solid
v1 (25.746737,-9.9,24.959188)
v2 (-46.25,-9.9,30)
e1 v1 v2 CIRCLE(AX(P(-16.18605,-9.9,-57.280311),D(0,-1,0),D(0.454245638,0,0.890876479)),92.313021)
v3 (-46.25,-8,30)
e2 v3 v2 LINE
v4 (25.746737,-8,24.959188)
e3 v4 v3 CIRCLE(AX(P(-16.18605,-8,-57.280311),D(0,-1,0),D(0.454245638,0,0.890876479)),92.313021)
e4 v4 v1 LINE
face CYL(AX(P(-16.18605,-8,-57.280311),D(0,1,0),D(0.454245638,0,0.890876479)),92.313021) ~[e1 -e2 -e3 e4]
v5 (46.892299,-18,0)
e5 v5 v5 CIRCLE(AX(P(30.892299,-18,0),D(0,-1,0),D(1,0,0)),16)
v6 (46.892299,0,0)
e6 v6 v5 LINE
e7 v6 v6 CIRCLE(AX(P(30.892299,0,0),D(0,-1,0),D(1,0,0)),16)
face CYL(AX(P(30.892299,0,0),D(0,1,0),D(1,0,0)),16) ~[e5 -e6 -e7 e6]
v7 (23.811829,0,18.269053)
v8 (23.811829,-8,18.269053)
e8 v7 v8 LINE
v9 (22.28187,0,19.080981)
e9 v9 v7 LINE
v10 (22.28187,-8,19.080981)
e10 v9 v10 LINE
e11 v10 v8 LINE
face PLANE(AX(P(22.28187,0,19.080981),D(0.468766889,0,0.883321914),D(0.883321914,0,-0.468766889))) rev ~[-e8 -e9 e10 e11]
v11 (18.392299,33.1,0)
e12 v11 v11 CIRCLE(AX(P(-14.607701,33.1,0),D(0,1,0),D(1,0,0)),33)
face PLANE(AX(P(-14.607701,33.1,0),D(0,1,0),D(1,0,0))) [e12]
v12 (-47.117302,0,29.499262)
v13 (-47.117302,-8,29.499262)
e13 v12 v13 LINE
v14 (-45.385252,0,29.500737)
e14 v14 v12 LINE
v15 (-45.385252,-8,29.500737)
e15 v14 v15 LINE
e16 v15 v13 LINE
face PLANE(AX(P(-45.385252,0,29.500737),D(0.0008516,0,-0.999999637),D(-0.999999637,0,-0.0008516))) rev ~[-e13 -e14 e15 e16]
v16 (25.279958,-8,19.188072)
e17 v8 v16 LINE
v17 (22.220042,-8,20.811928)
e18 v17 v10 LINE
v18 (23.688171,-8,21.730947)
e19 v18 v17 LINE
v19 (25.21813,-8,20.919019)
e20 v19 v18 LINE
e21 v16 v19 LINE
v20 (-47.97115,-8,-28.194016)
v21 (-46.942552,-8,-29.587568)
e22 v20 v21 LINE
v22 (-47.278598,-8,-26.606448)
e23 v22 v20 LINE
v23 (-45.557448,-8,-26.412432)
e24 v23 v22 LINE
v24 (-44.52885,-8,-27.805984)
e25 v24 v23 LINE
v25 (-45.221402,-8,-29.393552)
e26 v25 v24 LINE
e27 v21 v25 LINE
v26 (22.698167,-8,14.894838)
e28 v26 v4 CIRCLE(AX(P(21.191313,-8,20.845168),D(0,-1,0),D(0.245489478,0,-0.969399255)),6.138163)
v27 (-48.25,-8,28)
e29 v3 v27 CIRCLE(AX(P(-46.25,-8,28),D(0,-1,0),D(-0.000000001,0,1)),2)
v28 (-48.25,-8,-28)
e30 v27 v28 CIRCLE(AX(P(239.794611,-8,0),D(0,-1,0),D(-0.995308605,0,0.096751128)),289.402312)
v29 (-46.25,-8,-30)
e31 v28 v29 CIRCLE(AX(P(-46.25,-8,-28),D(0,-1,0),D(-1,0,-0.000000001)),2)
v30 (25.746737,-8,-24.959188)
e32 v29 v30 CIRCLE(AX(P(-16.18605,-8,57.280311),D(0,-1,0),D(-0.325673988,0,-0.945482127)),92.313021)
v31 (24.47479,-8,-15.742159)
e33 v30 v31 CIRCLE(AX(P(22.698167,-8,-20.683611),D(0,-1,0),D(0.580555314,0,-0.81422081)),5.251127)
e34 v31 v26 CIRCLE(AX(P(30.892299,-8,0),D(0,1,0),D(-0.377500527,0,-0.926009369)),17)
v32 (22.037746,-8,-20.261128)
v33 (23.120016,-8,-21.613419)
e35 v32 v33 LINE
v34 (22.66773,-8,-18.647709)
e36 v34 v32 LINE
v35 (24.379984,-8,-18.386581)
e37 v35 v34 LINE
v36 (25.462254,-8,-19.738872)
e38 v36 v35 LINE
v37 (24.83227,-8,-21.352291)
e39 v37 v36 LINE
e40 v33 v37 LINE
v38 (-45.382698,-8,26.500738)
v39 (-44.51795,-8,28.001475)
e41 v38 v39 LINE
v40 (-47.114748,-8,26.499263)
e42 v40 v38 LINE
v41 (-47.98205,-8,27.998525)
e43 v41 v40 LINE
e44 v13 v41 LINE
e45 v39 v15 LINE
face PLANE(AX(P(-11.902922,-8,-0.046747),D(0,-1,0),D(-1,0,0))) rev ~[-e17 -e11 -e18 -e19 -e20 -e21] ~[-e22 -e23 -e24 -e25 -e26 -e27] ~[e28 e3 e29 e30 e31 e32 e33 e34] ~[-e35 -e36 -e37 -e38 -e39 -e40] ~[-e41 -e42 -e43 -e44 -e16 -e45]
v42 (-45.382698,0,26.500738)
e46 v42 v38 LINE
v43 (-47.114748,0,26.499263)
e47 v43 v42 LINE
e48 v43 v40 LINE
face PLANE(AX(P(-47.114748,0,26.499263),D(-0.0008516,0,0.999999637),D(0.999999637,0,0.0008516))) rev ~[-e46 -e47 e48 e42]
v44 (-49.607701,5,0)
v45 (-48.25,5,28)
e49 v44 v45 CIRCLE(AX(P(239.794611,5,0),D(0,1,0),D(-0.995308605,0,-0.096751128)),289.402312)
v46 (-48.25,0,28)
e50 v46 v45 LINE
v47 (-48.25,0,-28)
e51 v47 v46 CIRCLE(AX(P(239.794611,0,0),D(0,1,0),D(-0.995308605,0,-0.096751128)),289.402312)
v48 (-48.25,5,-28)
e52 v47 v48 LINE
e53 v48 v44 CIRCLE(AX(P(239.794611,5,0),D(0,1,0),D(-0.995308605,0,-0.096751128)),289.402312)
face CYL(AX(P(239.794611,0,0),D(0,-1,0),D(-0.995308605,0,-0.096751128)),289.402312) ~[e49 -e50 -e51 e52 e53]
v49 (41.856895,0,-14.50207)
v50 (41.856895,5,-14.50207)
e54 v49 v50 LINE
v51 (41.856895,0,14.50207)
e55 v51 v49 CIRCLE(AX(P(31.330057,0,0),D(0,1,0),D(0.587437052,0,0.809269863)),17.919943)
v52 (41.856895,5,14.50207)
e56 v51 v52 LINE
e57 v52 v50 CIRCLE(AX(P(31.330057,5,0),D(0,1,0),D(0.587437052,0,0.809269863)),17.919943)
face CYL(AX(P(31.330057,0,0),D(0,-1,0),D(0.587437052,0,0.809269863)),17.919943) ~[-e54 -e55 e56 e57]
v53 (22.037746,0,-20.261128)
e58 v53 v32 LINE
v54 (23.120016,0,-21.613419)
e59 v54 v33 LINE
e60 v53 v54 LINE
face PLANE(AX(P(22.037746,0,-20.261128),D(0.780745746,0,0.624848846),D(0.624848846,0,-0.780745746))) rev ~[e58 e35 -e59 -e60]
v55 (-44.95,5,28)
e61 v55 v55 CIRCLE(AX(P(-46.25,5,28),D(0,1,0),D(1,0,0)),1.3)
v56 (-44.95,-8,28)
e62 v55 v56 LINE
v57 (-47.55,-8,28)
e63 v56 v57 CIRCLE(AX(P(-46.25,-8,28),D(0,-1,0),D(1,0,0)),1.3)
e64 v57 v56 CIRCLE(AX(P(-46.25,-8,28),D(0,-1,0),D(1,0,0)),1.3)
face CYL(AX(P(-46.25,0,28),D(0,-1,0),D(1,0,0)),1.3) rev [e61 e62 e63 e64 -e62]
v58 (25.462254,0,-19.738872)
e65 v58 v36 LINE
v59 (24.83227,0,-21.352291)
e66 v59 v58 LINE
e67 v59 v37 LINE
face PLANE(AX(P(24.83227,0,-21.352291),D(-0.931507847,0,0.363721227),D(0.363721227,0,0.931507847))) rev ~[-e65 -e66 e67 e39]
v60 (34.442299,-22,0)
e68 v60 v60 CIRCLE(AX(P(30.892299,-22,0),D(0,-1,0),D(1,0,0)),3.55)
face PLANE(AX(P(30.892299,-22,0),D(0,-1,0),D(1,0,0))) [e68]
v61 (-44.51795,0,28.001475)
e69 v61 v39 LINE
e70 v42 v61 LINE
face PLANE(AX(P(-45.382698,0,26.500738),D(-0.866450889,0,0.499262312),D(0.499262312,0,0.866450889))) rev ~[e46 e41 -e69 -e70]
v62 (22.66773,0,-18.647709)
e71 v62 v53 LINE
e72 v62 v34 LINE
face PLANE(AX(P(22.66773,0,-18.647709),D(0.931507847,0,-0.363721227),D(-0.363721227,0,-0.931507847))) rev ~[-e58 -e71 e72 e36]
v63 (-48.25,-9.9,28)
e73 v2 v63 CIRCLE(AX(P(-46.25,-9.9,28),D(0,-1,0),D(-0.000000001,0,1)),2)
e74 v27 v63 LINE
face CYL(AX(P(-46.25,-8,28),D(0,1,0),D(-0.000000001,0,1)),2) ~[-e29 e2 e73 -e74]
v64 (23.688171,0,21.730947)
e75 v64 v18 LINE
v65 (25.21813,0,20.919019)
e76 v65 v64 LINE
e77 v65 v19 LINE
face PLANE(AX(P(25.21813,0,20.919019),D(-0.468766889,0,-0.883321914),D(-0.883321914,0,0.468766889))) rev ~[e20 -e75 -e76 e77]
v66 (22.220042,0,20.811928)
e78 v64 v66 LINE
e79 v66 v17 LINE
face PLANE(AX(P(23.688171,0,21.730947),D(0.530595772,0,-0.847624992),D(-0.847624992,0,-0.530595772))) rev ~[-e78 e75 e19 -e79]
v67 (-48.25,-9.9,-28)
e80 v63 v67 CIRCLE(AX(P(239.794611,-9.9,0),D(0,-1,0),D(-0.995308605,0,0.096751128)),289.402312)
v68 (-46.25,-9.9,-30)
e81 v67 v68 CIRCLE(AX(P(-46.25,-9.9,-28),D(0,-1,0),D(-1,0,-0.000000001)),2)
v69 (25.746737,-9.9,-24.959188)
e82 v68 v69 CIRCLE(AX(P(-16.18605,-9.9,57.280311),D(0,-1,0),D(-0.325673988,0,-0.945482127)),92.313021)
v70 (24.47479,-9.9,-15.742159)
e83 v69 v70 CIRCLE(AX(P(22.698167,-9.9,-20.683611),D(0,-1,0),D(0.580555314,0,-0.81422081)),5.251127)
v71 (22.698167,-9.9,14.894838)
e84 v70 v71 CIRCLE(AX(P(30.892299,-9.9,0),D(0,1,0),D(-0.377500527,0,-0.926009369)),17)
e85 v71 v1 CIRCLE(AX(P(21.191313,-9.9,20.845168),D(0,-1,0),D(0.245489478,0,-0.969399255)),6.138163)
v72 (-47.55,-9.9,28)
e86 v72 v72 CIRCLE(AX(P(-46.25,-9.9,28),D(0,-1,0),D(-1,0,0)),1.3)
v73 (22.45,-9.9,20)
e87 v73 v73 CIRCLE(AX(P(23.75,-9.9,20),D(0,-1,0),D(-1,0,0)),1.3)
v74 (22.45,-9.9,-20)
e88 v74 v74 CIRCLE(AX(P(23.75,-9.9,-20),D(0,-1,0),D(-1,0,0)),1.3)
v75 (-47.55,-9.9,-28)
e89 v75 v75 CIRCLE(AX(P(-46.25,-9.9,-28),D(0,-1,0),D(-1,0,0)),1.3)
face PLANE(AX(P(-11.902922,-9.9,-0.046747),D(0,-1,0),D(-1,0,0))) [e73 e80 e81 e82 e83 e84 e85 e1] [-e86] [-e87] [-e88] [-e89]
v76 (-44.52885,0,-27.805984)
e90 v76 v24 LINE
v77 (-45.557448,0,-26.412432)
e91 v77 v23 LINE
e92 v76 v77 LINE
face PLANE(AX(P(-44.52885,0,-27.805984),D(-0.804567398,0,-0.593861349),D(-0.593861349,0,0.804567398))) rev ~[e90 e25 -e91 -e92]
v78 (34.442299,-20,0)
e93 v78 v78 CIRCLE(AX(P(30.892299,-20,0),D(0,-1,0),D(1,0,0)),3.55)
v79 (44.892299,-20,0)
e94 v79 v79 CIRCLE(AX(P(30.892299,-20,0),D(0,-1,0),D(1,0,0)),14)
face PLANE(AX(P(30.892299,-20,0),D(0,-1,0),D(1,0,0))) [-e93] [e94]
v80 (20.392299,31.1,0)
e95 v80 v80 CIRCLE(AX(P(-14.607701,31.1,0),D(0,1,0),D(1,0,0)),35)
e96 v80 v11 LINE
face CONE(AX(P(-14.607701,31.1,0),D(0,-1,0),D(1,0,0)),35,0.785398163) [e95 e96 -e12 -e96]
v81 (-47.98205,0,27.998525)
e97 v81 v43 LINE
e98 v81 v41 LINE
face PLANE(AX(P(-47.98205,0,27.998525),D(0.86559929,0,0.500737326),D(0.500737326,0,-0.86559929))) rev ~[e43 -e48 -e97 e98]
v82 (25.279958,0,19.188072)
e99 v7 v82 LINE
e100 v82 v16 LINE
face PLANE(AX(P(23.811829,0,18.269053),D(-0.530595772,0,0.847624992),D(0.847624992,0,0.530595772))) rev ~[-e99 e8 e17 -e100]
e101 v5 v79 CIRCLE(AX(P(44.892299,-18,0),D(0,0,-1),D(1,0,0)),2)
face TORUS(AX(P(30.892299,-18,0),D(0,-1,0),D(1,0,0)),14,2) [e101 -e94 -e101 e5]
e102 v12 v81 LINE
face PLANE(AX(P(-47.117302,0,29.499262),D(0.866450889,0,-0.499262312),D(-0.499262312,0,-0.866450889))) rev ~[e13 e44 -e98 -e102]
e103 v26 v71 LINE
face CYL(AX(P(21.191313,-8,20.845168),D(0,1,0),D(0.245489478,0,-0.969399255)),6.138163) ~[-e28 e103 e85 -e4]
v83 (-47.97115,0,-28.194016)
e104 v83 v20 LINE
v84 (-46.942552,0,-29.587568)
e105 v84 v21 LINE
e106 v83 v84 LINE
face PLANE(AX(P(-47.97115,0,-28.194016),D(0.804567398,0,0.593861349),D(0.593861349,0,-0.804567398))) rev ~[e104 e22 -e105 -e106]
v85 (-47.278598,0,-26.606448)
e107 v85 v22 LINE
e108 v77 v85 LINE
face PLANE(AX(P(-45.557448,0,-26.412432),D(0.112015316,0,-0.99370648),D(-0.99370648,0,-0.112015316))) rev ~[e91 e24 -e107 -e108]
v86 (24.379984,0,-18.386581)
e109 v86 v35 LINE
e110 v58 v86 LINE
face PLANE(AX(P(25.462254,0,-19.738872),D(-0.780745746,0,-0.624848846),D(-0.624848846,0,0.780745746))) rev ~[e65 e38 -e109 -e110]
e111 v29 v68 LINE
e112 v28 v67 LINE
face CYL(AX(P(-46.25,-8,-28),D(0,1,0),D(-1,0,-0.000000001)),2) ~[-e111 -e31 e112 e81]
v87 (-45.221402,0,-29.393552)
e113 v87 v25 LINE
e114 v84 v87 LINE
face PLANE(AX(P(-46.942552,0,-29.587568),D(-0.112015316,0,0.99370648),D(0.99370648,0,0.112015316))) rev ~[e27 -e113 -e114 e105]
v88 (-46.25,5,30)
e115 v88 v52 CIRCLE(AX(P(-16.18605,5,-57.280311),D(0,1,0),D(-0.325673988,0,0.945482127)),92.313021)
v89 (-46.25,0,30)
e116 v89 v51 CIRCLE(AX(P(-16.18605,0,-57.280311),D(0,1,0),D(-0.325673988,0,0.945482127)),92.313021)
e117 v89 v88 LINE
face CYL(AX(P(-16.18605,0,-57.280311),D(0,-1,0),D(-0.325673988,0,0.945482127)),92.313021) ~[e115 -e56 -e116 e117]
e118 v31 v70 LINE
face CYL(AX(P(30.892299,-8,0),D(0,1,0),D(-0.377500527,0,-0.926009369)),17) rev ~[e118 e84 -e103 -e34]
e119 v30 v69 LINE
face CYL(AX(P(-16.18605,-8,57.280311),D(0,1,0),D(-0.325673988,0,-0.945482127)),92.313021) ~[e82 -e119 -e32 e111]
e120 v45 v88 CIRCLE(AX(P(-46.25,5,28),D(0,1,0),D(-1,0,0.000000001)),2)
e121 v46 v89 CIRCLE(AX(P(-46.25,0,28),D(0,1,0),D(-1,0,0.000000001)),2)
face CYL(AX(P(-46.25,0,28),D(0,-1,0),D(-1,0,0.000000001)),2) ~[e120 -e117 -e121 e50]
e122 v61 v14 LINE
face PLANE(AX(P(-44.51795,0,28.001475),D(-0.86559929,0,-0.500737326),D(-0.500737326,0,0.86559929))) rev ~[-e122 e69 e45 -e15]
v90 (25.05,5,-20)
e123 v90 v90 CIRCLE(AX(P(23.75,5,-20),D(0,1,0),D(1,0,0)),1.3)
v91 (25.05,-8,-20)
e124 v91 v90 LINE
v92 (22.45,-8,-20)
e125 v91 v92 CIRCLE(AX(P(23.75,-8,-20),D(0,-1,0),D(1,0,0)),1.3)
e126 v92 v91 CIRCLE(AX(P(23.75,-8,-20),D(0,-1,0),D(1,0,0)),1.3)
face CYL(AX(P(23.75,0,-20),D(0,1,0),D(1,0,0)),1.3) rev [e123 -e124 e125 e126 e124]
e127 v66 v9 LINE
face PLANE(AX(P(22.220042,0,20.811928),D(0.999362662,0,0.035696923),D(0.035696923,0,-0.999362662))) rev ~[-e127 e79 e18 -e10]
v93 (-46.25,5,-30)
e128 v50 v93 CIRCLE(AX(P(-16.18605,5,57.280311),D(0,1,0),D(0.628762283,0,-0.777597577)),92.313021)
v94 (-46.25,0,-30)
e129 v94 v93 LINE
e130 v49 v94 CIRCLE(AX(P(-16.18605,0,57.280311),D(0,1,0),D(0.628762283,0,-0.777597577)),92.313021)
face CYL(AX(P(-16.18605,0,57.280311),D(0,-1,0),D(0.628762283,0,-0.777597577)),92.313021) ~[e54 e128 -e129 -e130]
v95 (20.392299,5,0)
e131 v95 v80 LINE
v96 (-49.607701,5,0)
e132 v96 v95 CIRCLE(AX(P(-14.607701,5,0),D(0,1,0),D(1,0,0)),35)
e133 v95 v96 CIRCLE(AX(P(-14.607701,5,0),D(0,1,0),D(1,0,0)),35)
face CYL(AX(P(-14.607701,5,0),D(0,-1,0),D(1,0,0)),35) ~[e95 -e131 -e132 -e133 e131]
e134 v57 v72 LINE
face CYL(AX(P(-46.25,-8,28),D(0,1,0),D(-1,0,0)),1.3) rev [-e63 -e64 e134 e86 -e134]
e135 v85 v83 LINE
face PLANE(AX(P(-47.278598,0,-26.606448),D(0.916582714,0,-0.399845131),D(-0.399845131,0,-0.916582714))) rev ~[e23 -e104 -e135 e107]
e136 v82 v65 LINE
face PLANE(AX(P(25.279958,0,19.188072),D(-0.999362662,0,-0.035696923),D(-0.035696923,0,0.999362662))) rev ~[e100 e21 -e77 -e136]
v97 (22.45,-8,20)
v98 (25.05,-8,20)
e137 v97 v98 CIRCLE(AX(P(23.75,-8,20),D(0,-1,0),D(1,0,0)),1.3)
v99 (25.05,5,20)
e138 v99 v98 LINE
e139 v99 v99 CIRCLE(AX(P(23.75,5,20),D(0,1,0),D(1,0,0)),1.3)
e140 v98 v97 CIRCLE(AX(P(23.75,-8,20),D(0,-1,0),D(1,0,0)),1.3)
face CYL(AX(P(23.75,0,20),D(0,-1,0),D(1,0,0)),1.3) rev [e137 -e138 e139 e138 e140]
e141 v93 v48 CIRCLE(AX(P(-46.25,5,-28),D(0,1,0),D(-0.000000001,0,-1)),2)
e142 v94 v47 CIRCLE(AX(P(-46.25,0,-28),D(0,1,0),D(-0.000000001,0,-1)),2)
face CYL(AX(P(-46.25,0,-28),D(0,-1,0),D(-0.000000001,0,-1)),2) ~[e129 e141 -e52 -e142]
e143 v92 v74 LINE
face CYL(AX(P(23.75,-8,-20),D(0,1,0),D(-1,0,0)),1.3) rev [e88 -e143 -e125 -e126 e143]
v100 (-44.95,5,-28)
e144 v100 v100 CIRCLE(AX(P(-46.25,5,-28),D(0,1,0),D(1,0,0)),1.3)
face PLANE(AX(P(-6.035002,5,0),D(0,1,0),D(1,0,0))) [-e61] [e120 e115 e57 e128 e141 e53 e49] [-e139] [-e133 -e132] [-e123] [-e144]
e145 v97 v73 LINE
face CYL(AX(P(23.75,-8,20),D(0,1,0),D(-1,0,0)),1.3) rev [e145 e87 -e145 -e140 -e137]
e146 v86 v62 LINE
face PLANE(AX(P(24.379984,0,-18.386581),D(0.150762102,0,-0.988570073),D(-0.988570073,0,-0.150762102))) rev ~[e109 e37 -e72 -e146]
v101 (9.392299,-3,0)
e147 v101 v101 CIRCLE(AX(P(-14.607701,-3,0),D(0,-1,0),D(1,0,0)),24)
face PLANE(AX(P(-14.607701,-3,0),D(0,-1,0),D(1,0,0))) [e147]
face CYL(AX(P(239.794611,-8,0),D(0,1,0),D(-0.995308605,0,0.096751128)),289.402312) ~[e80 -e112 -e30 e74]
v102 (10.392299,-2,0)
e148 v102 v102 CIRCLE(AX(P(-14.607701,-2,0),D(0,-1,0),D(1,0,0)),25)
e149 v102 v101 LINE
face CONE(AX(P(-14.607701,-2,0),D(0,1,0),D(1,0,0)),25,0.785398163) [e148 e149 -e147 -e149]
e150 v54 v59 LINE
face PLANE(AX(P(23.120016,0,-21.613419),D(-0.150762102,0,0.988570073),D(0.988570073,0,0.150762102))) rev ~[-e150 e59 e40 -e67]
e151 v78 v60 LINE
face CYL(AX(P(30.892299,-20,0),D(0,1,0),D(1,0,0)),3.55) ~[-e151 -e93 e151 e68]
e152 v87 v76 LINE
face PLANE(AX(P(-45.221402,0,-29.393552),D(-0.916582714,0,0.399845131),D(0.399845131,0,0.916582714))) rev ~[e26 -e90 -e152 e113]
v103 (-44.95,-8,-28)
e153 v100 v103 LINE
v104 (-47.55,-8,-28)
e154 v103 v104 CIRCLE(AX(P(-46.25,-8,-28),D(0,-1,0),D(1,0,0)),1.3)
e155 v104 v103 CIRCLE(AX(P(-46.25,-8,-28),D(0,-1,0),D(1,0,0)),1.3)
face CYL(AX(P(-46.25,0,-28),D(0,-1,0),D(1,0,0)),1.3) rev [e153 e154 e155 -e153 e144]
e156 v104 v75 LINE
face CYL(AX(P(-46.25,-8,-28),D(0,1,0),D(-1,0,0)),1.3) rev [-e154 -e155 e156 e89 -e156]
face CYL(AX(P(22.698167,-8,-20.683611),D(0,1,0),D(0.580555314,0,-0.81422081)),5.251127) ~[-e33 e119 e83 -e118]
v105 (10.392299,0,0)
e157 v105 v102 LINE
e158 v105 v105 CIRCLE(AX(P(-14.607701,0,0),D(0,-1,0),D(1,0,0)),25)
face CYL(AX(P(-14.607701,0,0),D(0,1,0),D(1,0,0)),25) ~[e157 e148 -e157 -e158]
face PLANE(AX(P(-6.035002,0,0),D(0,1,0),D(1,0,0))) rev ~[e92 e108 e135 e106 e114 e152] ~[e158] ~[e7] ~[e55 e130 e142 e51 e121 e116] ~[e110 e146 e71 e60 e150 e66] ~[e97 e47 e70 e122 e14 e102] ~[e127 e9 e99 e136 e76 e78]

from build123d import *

# Parameters (mm, degrees)
SKETCH3_R           = 1.3
BOSS_EXTRUDE2_DEPTH = 5
SKETCH5_R           = 35
BOSS_EXTRUDE4_DEPTH = 28.1
CHAMFER2_SIZE       = 2
SKETCH6_R           = 25
BOSS_EXTRUDE5_DEPTH = 3
CHAMFER3_SIZE       = 1
SKETCH7_R           = 16
BOSS_EXTRUDE6_DEPTH = 20
SKETCH8_R           = 3.55
BOSS_EXTRUDE7_DEPTH = 2
FILLET1_R           = 2
SKETCH9_R           = 1.3
BOSS_EXTRUDE8_DEPTH = 8
SKETCH11_R          = 1.3
BOSS_EXTRUDE9_DEPTH = 1.9


with BuildPart() as part:
    # Sketch3 → Boss-Extrude2 (new body)
    with BuildSketch(Plane(origin=(0, 0, 0), x_dir=(1, 0, 0), z_dir=(0, 1, 0))):
        with BuildLine():
            ThreePointArc((-46.25, 30), (-47.664213562, 29.414213562), (-48.25, 28))
            ThreePointArc((-48.25, 28), (-49.607700542, 0), (-48.25, -28))
            ThreePointArc((-48.25, -28), (-47.664213562, -29.414213562), (-46.25, -30))
            ThreePointArc((-46.25, -30), (-0.19378614, -33.636910917), (41.856895399, -14.502069967))
            ThreePointArc((41.856895399, -14.502069967), (49.25, 0), (41.856895399, 14.502069967))
            ThreePointArc((41.856895399, 14.502069967), (-0.19378614, 33.636910917), (-46.25, 30))
        make_face()
        with Locations((-46.25, 28)):
            Circle(SKETCH3_R, mode=Mode.SUBTRACT)
        with Locations((-46.25, -28)):
            Circle(SKETCH3_R, mode=Mode.SUBTRACT)
        with Locations((23.75, 20)):
            Circle(SKETCH3_R, mode=Mode.SUBTRACT)
        with Locations((23.75, -20)):
            Circle(SKETCH3_R, mode=Mode.SUBTRACT)
    extrude(amount=BOSS_EXTRUDE2_DEPTH)

    # Sketch5 → Boss-Extrude4 (add)
    with BuildSketch(Plane(origin=(0, 5, 0), x_dir=(1, 0, 0), z_dir=(0, 1, 0))):
        with Locations((-14.607700542, 0)):
            Circle(SKETCH5_R)
    extrude(amount=BOSS_EXTRUDE4_DEPTH)

    # Chamfer2
    chamfer2_edges = [part.edges().sort_by_distance(p)[0] for p in [
        (-49.607700542, 33.1, 0),
    ]]
    chamfer(chamfer2_edges, length=CHAMFER2_SIZE)

    # Sketch6 → Boss-Extrude5 (add)
    with BuildSketch(Plane.XZ):
        with Locations((-14.607700542, 0)):
            Circle(SKETCH6_R)
    extrude(amount=BOSS_EXTRUDE5_DEPTH)

    # Chamfer3
    chamfer3_edges = [part.edges().sort_by_distance(p)[0] for p in [
        (-39.607700542, -3, 0),
    ]]
    chamfer(chamfer3_edges, length=CHAMFER3_SIZE)

    # Sketch7 → Boss-Extrude6 (add)
    with BuildSketch(Plane.XZ):
        with Locations((30.892299458, 0)):
            Circle(SKETCH7_R)
    extrude(amount=BOSS_EXTRUDE6_DEPTH)

    # Sketch8 → Boss-Extrude7 (add)
    with BuildSketch(Plane.XZ.offset(20)):
        with Locations((30.892299458, 0)):
            Circle(SKETCH8_R)
    extrude(amount=BOSS_EXTRUDE7_DEPTH)

    # Fillet1
    fillet1_edges = [part.edges().sort_by_distance(p)[0] for p in [
        (14.892299458, -20, 0),
    ]]
    fillet(fillet1_edges, radius=FILLET1_R)

    # Sketch9 → Boss-Extrude8 (add)
    with BuildSketch(Plane.XZ):
        Polygon((22.667730051, -18.647708701), (22.037746407, -20.261127619), (23.120016356, -21.613418919), (24.832269949, -21.352291299), (25.462253593, -19.738872381), (24.379983644, -18.386581081), align=None)
        with Locations((23.75, -20)):
            Circle(SKETCH9_R, mode=Mode.SUBTRACT)
        Polygon((-47.27859803, -26.606448389), (-47.971150112, -28.194016218), (-46.942552082, -29.58756783), (-45.22140197, -29.393551611), (-44.528849888, -27.805983782), (-45.557447918, -26.41243217), align=None)
        with Locations((-46.25, -28)):
            Circle(SKETCH9_R, mode=Mode.SUBTRACT)
        Polygon((-47.117302489, 29.499261949), (-47.98205018, 27.998524986), (-47.11474769, 26.499263037), (-45.382697511, 26.500738051), (-44.51794982, 28.001475014), (-45.38525231, 29.500736963), align=None)
        with Locations((-46.25, 28)):
            Circle(SKETCH9_R, mode=Mode.SUBTRACT)
        Polygon((22.220041565, 20.811928069), (22.281870449, 19.080981163), (23.811828884, 18.269053095), (25.279958435, 19.188071931), (25.218129551, 20.919018837), (23.688171116, 21.730946905), align=None)
        with Locations((23.75, 20)):
            Circle(SKETCH9_R, mode=Mode.SUBTRACT)
    extrude(amount=BOSS_EXTRUDE8_DEPTH)

    # Sketch11 → Boss-Extrude9 (add)
    with BuildSketch(Plane(origin=(0, -8, 0), x_dir=(-1, 0, 0), z_dir=(0, -1, 0))):
        with BuildLine():
            ThreePointArc((46.25, 30), (9.738587829, 34.807277641), (-25.746736736, 24.959187593))
            ThreePointArc((-25.746736736, 24.959187593), (-27.89999608, 19.965760464), (-24.474790494, 15.742159277))
            ThreePointArc((-24.474790494, 15.742159277), (-13.920811193, 0.984167698), (-22.698167109, -14.894837865))
            ThreePointArc((-22.698167109, -14.894837865), (-27.065884089, -19.065715062), (-25.746736736, -24.959187593))
            ThreePointArc((-25.746736736, -24.959187593), (9.738587829, -34.807277641), (46.25, -30))
            ThreePointArc((46.25, -30), (47.664213562, -29.414213562), (48.25, -28))
            ThreePointArc((48.25, -28), (49.607700542, 0), (48.25, 28))
            ThreePointArc((48.25, 28), (47.664213562, 29.414213562), (46.25, 30))
        make_face()
        with Locations((-23.75, 20)):
            Circle(SKETCH11_R, mode=Mode.SUBTRACT)
        with Locations((-23.75, -20)):
            Circle(SKETCH11_R, mode=Mode.SUBTRACT)
        with Locations((46.25, -28)):
            Circle(SKETCH11_R, mode=Mode.SUBTRACT)
        with Locations((46.25, 28)):
            Circle(SKETCH11_R, mode=Mode.SUBTRACT)
    extrude(amount=BOSS_EXTRUDE9_DEPTH)


solid = part.part
